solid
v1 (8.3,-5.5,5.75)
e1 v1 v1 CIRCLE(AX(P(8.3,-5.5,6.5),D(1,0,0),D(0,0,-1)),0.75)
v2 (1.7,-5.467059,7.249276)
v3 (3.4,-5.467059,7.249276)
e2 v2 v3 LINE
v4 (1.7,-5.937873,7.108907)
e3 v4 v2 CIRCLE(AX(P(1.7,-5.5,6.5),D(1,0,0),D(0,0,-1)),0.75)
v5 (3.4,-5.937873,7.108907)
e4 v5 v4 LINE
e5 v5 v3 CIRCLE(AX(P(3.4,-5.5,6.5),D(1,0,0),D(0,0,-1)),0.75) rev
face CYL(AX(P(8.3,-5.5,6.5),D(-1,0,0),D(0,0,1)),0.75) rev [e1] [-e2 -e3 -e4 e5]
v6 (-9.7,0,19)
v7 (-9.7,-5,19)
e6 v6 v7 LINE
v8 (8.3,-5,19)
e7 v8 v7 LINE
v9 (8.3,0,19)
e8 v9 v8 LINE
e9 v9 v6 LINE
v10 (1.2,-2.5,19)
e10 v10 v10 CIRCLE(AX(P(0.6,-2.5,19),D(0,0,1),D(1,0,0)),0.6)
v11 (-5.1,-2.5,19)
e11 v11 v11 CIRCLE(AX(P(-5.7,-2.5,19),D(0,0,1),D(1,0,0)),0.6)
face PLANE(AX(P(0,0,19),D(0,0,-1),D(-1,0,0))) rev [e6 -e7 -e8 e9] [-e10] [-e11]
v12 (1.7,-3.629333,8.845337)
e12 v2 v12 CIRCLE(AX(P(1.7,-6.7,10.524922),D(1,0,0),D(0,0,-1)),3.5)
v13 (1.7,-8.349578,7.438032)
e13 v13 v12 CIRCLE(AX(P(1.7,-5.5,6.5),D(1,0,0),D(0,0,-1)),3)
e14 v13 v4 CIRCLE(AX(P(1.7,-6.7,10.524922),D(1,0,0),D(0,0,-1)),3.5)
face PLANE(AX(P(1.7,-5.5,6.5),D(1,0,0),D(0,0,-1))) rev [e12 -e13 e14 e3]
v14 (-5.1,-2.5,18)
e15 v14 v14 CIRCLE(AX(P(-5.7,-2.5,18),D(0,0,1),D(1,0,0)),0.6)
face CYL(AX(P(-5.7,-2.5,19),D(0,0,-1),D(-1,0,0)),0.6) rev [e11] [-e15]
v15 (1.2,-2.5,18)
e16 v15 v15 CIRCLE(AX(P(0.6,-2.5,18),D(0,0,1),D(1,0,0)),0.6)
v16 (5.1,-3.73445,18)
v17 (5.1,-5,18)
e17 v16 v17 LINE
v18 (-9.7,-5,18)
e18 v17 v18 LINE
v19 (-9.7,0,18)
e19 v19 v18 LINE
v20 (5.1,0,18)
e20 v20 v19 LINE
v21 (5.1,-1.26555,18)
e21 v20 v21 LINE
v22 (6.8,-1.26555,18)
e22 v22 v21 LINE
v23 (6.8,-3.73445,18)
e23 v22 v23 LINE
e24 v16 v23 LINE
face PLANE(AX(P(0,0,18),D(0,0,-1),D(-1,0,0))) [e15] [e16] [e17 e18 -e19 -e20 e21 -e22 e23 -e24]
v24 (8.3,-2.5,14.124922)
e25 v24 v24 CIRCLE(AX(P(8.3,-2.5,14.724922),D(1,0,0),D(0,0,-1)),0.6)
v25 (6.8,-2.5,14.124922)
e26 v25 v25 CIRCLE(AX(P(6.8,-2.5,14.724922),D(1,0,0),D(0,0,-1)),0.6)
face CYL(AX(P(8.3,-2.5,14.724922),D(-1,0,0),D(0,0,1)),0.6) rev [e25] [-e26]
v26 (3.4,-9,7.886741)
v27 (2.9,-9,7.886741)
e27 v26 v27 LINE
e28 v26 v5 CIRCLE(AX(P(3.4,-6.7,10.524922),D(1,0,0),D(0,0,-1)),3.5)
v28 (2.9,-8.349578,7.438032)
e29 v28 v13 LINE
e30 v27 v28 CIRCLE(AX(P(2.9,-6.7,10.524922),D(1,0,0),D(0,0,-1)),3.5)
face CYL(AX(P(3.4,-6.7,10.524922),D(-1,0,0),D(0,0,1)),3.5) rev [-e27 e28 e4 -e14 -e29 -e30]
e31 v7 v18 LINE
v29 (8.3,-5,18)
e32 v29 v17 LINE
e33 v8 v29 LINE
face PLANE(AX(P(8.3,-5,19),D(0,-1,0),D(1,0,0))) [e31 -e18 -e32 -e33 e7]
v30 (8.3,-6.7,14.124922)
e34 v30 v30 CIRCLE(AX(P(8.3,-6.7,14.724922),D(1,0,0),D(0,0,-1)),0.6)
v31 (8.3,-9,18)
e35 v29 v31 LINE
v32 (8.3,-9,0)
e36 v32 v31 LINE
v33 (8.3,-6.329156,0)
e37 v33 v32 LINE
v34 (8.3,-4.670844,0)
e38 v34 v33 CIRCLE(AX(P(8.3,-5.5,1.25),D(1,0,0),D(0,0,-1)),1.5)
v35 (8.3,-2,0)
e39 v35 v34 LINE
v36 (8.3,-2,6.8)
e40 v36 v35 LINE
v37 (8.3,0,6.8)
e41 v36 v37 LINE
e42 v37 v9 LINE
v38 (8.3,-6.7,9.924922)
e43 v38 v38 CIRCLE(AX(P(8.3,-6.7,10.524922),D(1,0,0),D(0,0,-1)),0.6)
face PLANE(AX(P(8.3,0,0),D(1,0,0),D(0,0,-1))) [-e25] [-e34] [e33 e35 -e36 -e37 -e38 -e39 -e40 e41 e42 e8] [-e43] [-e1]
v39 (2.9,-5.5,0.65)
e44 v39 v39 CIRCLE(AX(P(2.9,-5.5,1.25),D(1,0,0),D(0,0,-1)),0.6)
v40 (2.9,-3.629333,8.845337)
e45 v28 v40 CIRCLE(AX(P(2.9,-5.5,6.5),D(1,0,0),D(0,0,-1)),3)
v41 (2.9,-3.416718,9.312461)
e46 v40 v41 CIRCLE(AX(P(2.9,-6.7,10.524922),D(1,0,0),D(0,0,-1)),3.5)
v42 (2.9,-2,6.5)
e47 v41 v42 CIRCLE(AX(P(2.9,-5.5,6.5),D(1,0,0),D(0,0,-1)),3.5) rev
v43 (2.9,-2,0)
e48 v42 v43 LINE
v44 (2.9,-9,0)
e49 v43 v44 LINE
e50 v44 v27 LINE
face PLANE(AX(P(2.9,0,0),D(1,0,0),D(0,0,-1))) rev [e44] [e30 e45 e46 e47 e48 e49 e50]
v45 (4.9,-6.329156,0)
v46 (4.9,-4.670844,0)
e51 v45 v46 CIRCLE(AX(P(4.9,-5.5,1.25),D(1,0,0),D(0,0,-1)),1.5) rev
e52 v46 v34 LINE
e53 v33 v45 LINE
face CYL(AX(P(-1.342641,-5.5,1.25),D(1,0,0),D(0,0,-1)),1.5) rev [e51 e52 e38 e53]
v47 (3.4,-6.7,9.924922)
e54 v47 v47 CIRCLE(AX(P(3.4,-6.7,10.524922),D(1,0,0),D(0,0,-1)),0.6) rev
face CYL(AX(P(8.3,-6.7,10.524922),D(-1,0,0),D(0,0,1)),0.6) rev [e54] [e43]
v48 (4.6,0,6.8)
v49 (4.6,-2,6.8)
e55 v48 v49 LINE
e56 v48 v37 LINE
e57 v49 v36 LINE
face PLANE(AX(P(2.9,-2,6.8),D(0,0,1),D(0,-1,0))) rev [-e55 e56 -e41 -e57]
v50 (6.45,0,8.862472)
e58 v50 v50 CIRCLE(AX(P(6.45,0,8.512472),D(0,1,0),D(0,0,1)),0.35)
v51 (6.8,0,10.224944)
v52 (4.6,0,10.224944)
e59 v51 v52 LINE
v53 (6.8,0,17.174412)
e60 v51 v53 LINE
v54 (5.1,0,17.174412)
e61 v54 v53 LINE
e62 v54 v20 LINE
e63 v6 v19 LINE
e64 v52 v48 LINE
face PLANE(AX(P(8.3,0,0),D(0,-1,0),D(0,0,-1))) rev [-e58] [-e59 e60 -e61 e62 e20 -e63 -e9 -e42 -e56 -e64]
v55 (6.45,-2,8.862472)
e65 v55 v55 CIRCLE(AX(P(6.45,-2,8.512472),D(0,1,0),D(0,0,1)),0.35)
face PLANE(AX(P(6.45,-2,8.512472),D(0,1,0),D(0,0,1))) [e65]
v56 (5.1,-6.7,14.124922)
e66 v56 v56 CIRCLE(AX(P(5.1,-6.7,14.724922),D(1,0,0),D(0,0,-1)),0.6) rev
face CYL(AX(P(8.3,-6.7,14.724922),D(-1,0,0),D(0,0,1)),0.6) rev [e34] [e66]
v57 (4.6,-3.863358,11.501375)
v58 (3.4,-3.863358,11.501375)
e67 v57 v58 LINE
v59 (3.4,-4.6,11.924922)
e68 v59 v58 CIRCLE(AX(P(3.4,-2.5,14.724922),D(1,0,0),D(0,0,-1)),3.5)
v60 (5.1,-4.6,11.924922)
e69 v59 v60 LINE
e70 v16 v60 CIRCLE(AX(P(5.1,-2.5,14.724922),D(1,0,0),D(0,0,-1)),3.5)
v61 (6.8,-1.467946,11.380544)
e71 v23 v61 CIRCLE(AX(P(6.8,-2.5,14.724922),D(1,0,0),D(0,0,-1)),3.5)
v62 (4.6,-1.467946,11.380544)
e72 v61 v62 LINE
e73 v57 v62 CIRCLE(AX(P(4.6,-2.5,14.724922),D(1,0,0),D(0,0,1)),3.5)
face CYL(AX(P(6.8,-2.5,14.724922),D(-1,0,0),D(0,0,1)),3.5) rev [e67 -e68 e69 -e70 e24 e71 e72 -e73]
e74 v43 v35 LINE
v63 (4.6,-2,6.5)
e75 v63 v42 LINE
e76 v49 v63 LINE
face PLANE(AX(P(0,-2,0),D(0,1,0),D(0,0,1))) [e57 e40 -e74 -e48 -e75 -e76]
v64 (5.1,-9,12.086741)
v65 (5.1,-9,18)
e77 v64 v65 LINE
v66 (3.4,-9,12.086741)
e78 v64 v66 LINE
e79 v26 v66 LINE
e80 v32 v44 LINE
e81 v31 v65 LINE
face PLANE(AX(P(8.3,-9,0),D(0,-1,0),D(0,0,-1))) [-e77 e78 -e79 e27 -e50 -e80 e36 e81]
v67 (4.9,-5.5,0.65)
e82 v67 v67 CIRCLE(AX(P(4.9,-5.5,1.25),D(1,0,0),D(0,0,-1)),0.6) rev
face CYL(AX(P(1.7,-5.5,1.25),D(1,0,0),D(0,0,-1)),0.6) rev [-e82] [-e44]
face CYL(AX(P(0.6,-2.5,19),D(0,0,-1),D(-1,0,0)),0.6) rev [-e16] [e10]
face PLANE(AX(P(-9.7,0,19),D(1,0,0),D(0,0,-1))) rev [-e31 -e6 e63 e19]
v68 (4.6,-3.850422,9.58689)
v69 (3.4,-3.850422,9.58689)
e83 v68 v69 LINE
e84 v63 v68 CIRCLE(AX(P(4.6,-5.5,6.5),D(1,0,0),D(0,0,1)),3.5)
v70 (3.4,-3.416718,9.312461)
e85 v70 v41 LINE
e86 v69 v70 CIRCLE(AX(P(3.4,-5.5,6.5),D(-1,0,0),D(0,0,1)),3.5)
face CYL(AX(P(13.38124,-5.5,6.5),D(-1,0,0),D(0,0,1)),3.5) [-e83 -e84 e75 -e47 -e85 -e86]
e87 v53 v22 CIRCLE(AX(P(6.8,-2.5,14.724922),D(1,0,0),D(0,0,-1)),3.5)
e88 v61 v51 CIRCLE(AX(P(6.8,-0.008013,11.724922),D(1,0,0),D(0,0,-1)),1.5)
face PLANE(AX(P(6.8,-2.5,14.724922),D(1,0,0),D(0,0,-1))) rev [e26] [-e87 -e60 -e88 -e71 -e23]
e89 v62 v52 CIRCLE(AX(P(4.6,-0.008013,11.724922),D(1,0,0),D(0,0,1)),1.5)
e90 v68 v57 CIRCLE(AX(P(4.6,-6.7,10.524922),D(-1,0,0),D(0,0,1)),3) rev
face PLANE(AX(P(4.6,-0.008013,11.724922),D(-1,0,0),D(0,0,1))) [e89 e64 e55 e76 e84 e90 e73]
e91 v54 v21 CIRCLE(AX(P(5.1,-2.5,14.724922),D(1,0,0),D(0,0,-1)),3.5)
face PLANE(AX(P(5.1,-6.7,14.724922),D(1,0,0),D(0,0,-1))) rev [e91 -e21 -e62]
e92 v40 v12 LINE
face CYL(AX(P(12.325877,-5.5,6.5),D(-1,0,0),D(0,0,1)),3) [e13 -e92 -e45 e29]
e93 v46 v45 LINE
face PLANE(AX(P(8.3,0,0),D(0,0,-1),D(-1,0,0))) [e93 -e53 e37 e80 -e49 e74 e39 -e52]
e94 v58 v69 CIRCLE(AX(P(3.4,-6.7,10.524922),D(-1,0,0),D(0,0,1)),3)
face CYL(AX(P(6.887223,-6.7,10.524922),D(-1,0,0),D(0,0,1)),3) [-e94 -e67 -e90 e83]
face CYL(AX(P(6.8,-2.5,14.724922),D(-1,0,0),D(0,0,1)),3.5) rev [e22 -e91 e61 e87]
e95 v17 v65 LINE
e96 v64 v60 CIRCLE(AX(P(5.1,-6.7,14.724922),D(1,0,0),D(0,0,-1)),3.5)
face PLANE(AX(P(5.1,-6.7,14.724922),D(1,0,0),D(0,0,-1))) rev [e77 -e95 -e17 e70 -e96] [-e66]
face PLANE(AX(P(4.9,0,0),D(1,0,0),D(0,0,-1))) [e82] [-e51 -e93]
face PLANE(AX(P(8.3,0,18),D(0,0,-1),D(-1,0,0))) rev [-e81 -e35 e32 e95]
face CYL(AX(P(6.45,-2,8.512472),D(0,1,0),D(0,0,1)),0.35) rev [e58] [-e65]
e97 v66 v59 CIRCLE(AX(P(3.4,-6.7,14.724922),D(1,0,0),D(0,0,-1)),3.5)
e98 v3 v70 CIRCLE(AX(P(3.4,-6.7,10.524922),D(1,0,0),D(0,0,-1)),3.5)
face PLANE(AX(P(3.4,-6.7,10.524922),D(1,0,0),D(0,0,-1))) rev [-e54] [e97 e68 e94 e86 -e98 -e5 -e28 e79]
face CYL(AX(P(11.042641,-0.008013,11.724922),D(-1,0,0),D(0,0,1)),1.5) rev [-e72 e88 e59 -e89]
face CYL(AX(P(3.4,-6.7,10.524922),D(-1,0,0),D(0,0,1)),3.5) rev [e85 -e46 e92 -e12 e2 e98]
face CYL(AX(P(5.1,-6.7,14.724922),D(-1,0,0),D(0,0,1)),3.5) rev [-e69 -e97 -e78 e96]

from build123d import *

# Parameters (mm, degrees)
SKETCH_1_W           = 18
SKETCH_1_H           = 9
EXTRUDE_1_DEPTH      = 8.3
SKETCH_1_12_R        = 3.5
CUT_EXTRUDE_1_DEPTH  = 6.8
SKETCH_1_14_R        = 3.5
CUT_EXTRUDE_2_DEPTH  = 5.1
SKETCH_1_15_R        = 3.5
CUT_EXTRUDE_3_DEPTH  = 3.4
SKETCH_1_16_R        = 4
CUT_EXTRUDE_4_DEPTH  = 1.7
CUT_EXTRUDE_5_DEPTH  = 5.1
CUT_EXTRUDE_6_DEPTH  = 2.9
CUT_EXTRUDE_7_DEPTH  = 1.2
SKETCH_3_W           = 5.4
SKETCH_3_H           = 6.8
CUT_EXTRUDE_8_DEPTH  = 2
SKETCH_1_19_R        = 1.5
CUT_EXTRUDE_9_DEPTH  = 6.8
CUT_EXTRUDE_10_DEPTH = 1.7
CUT_EXTRUDE_11_DEPTH = 1.2
CUT_EXTRUDE_START    = 0.5
CUT_EXTRUDE_13_DEPTH = 1.2
CUT_EXTRUDE_START_2  = 6.8
SKETCH_1_20_R        = 0.6
CUT_EXTRUDE_14_DEPTH = 15.969014677
CUT_EXTRUDE_START_3  = 1.7
SKETCH_1_21_R        = 0.75
SKETCH_1_21_R_2      = 0.6
CUT_EXTRUDE_15_DEPTH = 21.069014677
SKETCH_6_R           = 0.6
CUT_EXTRUDE_16_DEPTH = 22.179235114
SKETCH_6_3_R         = 1.5
CUT_EXTRUDE_17_DEPTH = 3.4
SKETCH_7_W           = 18
SKETCH_7_H           = 5
SKETCH_7_R           = 0.6
EXTRUDE_2_DEPTH      = 1
SKETCH_8_R           = 0.35
CUT_EXTRUDE_18_DEPTH = 2


with BuildPart() as part:
    # 草图1 → 凸台-拉伸1 (new body)
    with BuildSketch(Plane(origin=(0, 0, 0), x_dir=(0, 0, -1), z_dir=(1, 0, 0))):
        with Locations((-9, -4.5)):
            Rectangle(SKETCH_1_W, SKETCH_1_H)
    extrude(amount=EXTRUDE_1_DEPTH)

    # 草图1<12> → 切除-拉伸1 (cut)
    with BuildSketch(Plane(origin=(0, 0, 0), x_dir=(0, 0, -1), z_dir=(1, 0, 0))):
        with Locations((-14.724922359, -2.5)):
            Circle(SKETCH_1_12_R)
    extrude(amount=CUT_EXTRUDE_1_DEPTH, mode=Mode.SUBTRACT)

    # 草图1<14> → 切除-拉伸2 (cut)
    with BuildSketch(Plane(origin=(0, 0, 0), x_dir=(0, 0, -1), z_dir=(1, 0, 0))):
        with Locations((-14.724922359, -6.7)):
            Circle(SKETCH_1_14_R)
    extrude(amount=CUT_EXTRUDE_2_DEPTH, mode=Mode.SUBTRACT)

    # 草图1<15> → 切除-拉伸3 (cut)
    with BuildSketch(Plane(origin=(0, 0, 0), x_dir=(0, 0, -1), z_dir=(1, 0, 0))):
        with Locations((-10.524922359, -6.7)):
            Circle(SKETCH_1_15_R)
    extrude(amount=CUT_EXTRUDE_3_DEPTH, mode=Mode.SUBTRACT)

    # 草图1<16> → 切除-拉伸4 (cut)
    with BuildSketch(Plane(origin=(0, 0, 0), x_dir=(0, 0, -1), z_dir=(1, 0, 0))):
        with Locations((-6.5, -5.5)):
            Circle(SKETCH_1_16_R)
    extrude(amount=CUT_EXTRUDE_4_DEPTH, mode=Mode.SUBTRACT)

    # 草图1<17> → 切除-拉伸5 (cut)
    with BuildSketch(Plane(origin=(0, 0, 0), x_dir=(0, 0, -1), z_dir=(1, 0, 0))):
        with BuildLine():
            Line((-18, -9), (-17.363103551, -9))
            ThreePointArc((-17.363103551, -9), (-17.729170482, -8.495687395), (-18, -7.934449857))
            Line((-18, -7.934449857), (-18, -9))
        make_face()
        with BuildLine():
            ThreePointArc((-17.524922359, -4.6), (-17.793136229, -4.184061654), (-18, -3.734449857))
            Line((-18, -3.734449857), (-18, -5.465550143))
            ThreePointArc((-18, -5.465550143), (-17.793136229, -5.015938346), (-17.524922359, -4.6))
        make_face()
        with BuildLine():
            ThreePointArc((-18, -1.265550143), (-17.656316605, -0.58769046), (-17.174412102, 0))
            Line((-17.174412102, 0), (-18, 0))
            Line((-18, 0), (-18, -1.265550143))
        make_face()
    extrude(amount=CUT_EXTRUDE_5_DEPTH, mode=Mode.SUBTRACT)

    # 草图1<18> → 切除-拉伸6 (cut)
    with BuildSketch(Plane(origin=(0, 0, 0), x_dir=(0, 0, -1), z_dir=(1, 0, 0))):
        with BuildLine():
            Line((0, -9), (0, 0))
            Line((0, 0), (-8.624932715, 0))
            ThreePointArc((-8.624932715, 0), (-8.624924948, -0.004006417), (-8.624922359, -0.008012841))
            ThreePointArc((-8.624922359, -0.008012841), (-9.378363691, -2.033762682), (-11.272446499, -3.074813388))
            ThreePointArc((-11.272446499, -3.074813388), (-11.292201209, -3.182953516), (-11.315342274, -3.290419915))
            ThreePointArc((-11.315342274, -3.290419915), (-10.569517592, -3.200284116), (-9.821638329, -3.271386348))
            ThreePointArc((-9.821638329, -3.271386348), (-5.335215324, -1.673346546), (-2.5, -5.5))
            ThreePointArc((-2.5, -5.5), (-3.054280431, -7.531506006), (-4.563508327, -9))
            Line((-4.563508327, -9), (0, -9))
        make_face()
        with BuildLine():
            ThreePointArc((-8.624922359, -0.008012841), (-8.624924948, -0.004006417), (-8.624932715, 0))
            Line((-8.624932715, 0), (-10.224943762, 0))
            ThreePointArc((-10.224943762, 0), (-10.22492771, -0.004006406), (-10.224922359, -0.008012841))
            ThreePointArc((-10.224922359, -0.008012841), (-10.548791645, -0.938988964), (-11.380544415, -1.467945659))
            ThreePointArc((-11.380544415, -1.467945659), (-11.264046545, -1.978139294), (-11.224922359, -2.5))
            ThreePointArc((-11.224922359, -2.5), (-11.236823629, -2.788387316), (-11.272446499, -3.074813388))
            ThreePointArc((-11.272446499, -3.074813388), (-9.378363691, -2.033762682), (-8.624922359, -0.008012841))
        make_face()
        with BuildLine():
            Line((-10.224943762, 0), (-8.624932715, 0))
            ThreePointArc((-8.624932715, 0), (-11.218224886, 3.050296769), (-14.656688161, 0.999334807))
            ThreePointArc((-14.656688161, 0.999334807), (-13.853421855, 0.889762067), (-13.096913716, 0.598320167))
            ThreePointArc((-13.096913716, 0.598320167), (-11.418994363, 1.460458494), (-10.224943762, 0))
        make_face()
        with BuildLine():
            ThreePointArc((-13.096913716, 0.598320167), (-13.853421855, 0.889762067), (-14.656688161, 0.999334807))
            ThreePointArc((-14.656688161, 0.999334807), (-14.781912048, 0.50658802), (-14.824912004, 0))
            Line((-14.824912004, 0), (-13.224900957, 0))
            ThreePointArc((-13.224900957, 0), (-13.191738507, 0.305755209), (-13.096913716, 0.598320167))
        make_face()
        with BuildLine():
            ThreePointArc((-10.224922359, -0.008012841), (-10.22492771, -0.004006406), (-10.224943762, 0))
            Line((-10.224943762, 0), (-12.275432617, 0))
            ThreePointArc((-12.275432617, 0), (-11.736454222, -0.678171745), (-11.380544415, -1.467945659))
            ThreePointArc((-11.380544415, -1.467945659), (-10.548791645, -0.938988964), (-10.224922359, -0.008012841))
        make_face()
        with BuildLine():
            Line((-12.275432617, 0), (-10.224943762, 0))
            ThreePointArc((-10.224943762, 0), (-11.418994363, 1.460458494), (-13.096913716, 0.598320167))
            ThreePointArc((-13.096913716, 0.598320167), (-12.664341124, 0.329135022), (-12.275432617, 0))
        make_face()
        with BuildLine():
            ThreePointArc((-11.380544415, -1.467945659), (-11.736454222, -0.678171745), (-12.275432617, 0))
            Line((-12.275432617, 0), (-13.224900957, 0))
            ThreePointArc((-13.224900957, 0), (-12.659036556, -1.181652764), (-11.380544415, -1.467945659))
        make_face()
        with BuildLine():
            Line((-13.224900957, 0), (-12.275432617, 0))
            ThreePointArc((-12.275432617, 0), (-12.664341124, 0.329135022), (-13.096913716, 0.598320167))
            ThreePointArc((-13.096913716, 0.598320167), (-13.191738507, 0.305755209), (-13.224900957, 0))
        make_face()
    extrude(amount=CUT_EXTRUDE_6_DEPTH, mode=Mode.SUBTRACT)

    # 草图2 → 切除-拉伸7 (cut)
    with BuildSketch(Plane.ZY.offset(-1.7)):
        with BuildLine():
            ThreePointArc((6.5, -9), (3.374181267, -3.925434267), (9.31246118, -3.416718427))
            ThreePointArc((9.31246118, -3.416718427), (9.564297417, -3.334409455), (9.821638329, -3.271386348))
            ThreePointArc((9.821638329, -3.271386348), (3.553152293, -2.795173094), (4.563508327, -9))
            Line((4.563508327, -9), (6.5, -9))
        make_face()
    extrude(amount=-CUT_EXTRUDE_7_DEPTH, mode=Mode.SUBTRACT)

    # 草图3 → 切除-拉伸8 (cut)
    with BuildSketch(Plane(origin=(0, 0, 0), x_dir=(1, 0, 0), z_dir=(0, 1, 0))):
        with Locations((5.6, -3.4)):
            Rectangle(SKETCH_3_W, SKETCH_3_H)
    extrude(amount=-CUT_EXTRUDE_8_DEPTH, mode=Mode.SUBTRACT)

    # 草图1<19> → 切除-拉伸9 (cut)
    with BuildSketch(Plane(origin=(0, 0, 0), x_dir=(0, 0, -1), z_dir=(1, 0, 0))):
        with Locations((-11.724922359, -0.008012841)):
            Circle(SKETCH_1_19_R)
    extrude(amount=CUT_EXTRUDE_9_DEPTH, mode=Mode.SUBTRACT)

    # 草图4 → 切除-拉伸10 (cut)
    with BuildSketch(Plane.ZY.offset(-2.9)):
        with BuildLine():
            Line((10.224943762, 0), (6.8, 0))
            Line((6.8, 0), (6.8, -2))
            Line((6.8, -2), (6.5, -2))
            ThreePointArc((6.5, -2), (8.074565733, -2.374181267), (9.31246118, -3.416718427))
            ThreePointArc((9.31246118, -3.416718427), (10.304655394, -3.206937953), (11.315342274, -3.290419915))
            ThreePointArc((11.315342274, -3.290419915), (11.227160165, -2.374861561), (11.380544415, -1.467945659))
            ThreePointArc((11.380544415, -1.467945659), (10.546309243, -0.935844249), (10.224943762, 0))
        make_face()
    extrude(amount=-CUT_EXTRUDE_10_DEPTH, mode=Mode.SUBTRACT)

    # 草图5 → 切除-拉伸11 (cut)
    with BuildSketch(Plane.ZY.offset(-3.4)):
        with BuildLine():
            ThreePointArc((11.315342274, -3.290419915), (10.304655394, -3.206937953), (9.31246118, -3.416718427))
            ThreePointArc((9.31246118, -3.416718427), (9.45763616, -3.628533104), (9.58689031, -3.850421808))
            ThreePointArc((9.58689031, -3.850421808), (10.545192403, -3.70006848), (11.501375265, -3.863357667))
            ThreePointArc((11.501375265, -3.863357667), (11.396009855, -3.580898486), (11.315342274, -3.290419915))
        make_face()
    extrude(amount=-CUT_EXTRUDE_11_DEPTH, mode=Mode.SUBTRACT)

    # 草图5<4> → 切除-拉伸13 (cut)
    with BuildSketch(Plane.ZY.offset(-3.4).offset(CUT_EXTRUDE_START)):
        with BuildLine():
            ThreePointArc((9.31246118, -3.416718427), (3.374181267, -3.925434267), (6.5, -9))
            ThreePointArc((6.5, -9), (7.115838654, -8.945394426), (7.71246118, -8.783281573))
            ThreePointArc((7.71246118, -8.783281573), (7.567286199, -8.571466896), (7.438032049, -8.349578192))
            ThreePointArc((7.438032049, -8.349578192), (3.625055458, -4.642857143), (8.845337154, -3.629333372))
            ThreePointArc((8.845337154, -3.629333372), (9.074996723, -3.514452065), (9.31246118, -3.416718427))
        make_face()
        with BuildLine():
            ThreePointArc((7.71246118, -8.783281573), (7.115838654, -8.945394426), (6.5, -9))
            Line((6.5, -9), (7.886741168, -9))
            ThreePointArc((7.886741168, -9), (7.797447835, -8.893372453), (7.71246118, -8.783281573))
        make_face()
    extrude(amount=CUT_EXTRUDE_13_DEPTH, mode=Mode.SUBTRACT)

    # 草图1<20> → 切除-拉伸14 (cut, through all)
    with BuildSketch(Plane(origin=(0, 0, 0), x_dir=(0, 0, -1), z_dir=(1, 0, 0)).offset(CUT_EXTRUDE_START_2)):
        with Locations((-14.724922359, -2.5)):
            Circle(SKETCH_1_20_R)
    extrude(amount=CUT_EXTRUDE_14_DEPTH, mode=Mode.SUBTRACT)

    # 草图1<21> → 切除-拉伸15 (cut, through all)
    with BuildSketch(Plane(origin=(0, 0, 0), x_dir=(0, 0, -1), z_dir=(1, 0, 0)).offset(CUT_EXTRUDE_START_3)):
        with Locations(Location((-6.5, -5.5, 0), (0, 0, 177.482710398))):
            Circle(SKETCH_1_21_R)
        with Locations((-14.724922359, -6.7)):
            Circle(SKETCH_1_21_R_2)
        with Locations((-10.524922359, -6.7)):
            Circle(SKETCH_1_21_R_2)
    extrude(amount=CUT_EXTRUDE_15_DEPTH, mode=Mode.SUBTRACT)

    # 草图6 → 切除-拉伸16 (cut, through all)
    with BuildSketch(Plane(origin=(8.3, 0, 0), x_dir=(0, 0, -1), z_dir=(1, 0, 0))):
        with Locations((-1.25, -5.5)):
            Circle(SKETCH_6_R)
    extrude(amount=-CUT_EXTRUDE_16_DEPTH, mode=Mode.SUBTRACT)

    # 草图6<3> → 切除-拉伸17 (cut)
    with BuildSketch(Plane(origin=(8.3, 0, 0), x_dir=(0, 0, -1), z_dir=(1, 0, 0))):
        with Locations((-1.25, -5.5)):
            Circle(SKETCH_6_3_R)
    extrude(amount=-CUT_EXTRUDE_17_DEPTH, mode=Mode.SUBTRACT)

    # 草图7 → 凸台-拉伸2 (add)
    with BuildSketch(Plane.XY.offset(18)):
        with Locations((-0.7, -2.5)):
            Rectangle(SKETCH_7_W, SKETCH_7_H)
        with Locations((-5.7, -2.5)):
            Circle(SKETCH_7_R, mode=Mode.SUBTRACT)
        with Locations((0.6, -2.5)):
            Circle(SKETCH_7_R, mode=Mode.SUBTRACT)
    extrude(amount=EXTRUDE_2_DEPTH)

    # 草图8 → 切除-拉伸18 (cut)
    with BuildSketch(Plane(origin=(0, 0, 0), x_dir=(1, 0, 0), z_dir=(0, 1, 0))):
        with Locations(Location((6.45, -8.512471881, 0), (0, 0, 270))):
            Circle(SKETCH_8_R)
    extrude(amount=-CUT_EXTRUDE_18_DEPTH, mode=Mode.SUBTRACT)


solid = part.part
